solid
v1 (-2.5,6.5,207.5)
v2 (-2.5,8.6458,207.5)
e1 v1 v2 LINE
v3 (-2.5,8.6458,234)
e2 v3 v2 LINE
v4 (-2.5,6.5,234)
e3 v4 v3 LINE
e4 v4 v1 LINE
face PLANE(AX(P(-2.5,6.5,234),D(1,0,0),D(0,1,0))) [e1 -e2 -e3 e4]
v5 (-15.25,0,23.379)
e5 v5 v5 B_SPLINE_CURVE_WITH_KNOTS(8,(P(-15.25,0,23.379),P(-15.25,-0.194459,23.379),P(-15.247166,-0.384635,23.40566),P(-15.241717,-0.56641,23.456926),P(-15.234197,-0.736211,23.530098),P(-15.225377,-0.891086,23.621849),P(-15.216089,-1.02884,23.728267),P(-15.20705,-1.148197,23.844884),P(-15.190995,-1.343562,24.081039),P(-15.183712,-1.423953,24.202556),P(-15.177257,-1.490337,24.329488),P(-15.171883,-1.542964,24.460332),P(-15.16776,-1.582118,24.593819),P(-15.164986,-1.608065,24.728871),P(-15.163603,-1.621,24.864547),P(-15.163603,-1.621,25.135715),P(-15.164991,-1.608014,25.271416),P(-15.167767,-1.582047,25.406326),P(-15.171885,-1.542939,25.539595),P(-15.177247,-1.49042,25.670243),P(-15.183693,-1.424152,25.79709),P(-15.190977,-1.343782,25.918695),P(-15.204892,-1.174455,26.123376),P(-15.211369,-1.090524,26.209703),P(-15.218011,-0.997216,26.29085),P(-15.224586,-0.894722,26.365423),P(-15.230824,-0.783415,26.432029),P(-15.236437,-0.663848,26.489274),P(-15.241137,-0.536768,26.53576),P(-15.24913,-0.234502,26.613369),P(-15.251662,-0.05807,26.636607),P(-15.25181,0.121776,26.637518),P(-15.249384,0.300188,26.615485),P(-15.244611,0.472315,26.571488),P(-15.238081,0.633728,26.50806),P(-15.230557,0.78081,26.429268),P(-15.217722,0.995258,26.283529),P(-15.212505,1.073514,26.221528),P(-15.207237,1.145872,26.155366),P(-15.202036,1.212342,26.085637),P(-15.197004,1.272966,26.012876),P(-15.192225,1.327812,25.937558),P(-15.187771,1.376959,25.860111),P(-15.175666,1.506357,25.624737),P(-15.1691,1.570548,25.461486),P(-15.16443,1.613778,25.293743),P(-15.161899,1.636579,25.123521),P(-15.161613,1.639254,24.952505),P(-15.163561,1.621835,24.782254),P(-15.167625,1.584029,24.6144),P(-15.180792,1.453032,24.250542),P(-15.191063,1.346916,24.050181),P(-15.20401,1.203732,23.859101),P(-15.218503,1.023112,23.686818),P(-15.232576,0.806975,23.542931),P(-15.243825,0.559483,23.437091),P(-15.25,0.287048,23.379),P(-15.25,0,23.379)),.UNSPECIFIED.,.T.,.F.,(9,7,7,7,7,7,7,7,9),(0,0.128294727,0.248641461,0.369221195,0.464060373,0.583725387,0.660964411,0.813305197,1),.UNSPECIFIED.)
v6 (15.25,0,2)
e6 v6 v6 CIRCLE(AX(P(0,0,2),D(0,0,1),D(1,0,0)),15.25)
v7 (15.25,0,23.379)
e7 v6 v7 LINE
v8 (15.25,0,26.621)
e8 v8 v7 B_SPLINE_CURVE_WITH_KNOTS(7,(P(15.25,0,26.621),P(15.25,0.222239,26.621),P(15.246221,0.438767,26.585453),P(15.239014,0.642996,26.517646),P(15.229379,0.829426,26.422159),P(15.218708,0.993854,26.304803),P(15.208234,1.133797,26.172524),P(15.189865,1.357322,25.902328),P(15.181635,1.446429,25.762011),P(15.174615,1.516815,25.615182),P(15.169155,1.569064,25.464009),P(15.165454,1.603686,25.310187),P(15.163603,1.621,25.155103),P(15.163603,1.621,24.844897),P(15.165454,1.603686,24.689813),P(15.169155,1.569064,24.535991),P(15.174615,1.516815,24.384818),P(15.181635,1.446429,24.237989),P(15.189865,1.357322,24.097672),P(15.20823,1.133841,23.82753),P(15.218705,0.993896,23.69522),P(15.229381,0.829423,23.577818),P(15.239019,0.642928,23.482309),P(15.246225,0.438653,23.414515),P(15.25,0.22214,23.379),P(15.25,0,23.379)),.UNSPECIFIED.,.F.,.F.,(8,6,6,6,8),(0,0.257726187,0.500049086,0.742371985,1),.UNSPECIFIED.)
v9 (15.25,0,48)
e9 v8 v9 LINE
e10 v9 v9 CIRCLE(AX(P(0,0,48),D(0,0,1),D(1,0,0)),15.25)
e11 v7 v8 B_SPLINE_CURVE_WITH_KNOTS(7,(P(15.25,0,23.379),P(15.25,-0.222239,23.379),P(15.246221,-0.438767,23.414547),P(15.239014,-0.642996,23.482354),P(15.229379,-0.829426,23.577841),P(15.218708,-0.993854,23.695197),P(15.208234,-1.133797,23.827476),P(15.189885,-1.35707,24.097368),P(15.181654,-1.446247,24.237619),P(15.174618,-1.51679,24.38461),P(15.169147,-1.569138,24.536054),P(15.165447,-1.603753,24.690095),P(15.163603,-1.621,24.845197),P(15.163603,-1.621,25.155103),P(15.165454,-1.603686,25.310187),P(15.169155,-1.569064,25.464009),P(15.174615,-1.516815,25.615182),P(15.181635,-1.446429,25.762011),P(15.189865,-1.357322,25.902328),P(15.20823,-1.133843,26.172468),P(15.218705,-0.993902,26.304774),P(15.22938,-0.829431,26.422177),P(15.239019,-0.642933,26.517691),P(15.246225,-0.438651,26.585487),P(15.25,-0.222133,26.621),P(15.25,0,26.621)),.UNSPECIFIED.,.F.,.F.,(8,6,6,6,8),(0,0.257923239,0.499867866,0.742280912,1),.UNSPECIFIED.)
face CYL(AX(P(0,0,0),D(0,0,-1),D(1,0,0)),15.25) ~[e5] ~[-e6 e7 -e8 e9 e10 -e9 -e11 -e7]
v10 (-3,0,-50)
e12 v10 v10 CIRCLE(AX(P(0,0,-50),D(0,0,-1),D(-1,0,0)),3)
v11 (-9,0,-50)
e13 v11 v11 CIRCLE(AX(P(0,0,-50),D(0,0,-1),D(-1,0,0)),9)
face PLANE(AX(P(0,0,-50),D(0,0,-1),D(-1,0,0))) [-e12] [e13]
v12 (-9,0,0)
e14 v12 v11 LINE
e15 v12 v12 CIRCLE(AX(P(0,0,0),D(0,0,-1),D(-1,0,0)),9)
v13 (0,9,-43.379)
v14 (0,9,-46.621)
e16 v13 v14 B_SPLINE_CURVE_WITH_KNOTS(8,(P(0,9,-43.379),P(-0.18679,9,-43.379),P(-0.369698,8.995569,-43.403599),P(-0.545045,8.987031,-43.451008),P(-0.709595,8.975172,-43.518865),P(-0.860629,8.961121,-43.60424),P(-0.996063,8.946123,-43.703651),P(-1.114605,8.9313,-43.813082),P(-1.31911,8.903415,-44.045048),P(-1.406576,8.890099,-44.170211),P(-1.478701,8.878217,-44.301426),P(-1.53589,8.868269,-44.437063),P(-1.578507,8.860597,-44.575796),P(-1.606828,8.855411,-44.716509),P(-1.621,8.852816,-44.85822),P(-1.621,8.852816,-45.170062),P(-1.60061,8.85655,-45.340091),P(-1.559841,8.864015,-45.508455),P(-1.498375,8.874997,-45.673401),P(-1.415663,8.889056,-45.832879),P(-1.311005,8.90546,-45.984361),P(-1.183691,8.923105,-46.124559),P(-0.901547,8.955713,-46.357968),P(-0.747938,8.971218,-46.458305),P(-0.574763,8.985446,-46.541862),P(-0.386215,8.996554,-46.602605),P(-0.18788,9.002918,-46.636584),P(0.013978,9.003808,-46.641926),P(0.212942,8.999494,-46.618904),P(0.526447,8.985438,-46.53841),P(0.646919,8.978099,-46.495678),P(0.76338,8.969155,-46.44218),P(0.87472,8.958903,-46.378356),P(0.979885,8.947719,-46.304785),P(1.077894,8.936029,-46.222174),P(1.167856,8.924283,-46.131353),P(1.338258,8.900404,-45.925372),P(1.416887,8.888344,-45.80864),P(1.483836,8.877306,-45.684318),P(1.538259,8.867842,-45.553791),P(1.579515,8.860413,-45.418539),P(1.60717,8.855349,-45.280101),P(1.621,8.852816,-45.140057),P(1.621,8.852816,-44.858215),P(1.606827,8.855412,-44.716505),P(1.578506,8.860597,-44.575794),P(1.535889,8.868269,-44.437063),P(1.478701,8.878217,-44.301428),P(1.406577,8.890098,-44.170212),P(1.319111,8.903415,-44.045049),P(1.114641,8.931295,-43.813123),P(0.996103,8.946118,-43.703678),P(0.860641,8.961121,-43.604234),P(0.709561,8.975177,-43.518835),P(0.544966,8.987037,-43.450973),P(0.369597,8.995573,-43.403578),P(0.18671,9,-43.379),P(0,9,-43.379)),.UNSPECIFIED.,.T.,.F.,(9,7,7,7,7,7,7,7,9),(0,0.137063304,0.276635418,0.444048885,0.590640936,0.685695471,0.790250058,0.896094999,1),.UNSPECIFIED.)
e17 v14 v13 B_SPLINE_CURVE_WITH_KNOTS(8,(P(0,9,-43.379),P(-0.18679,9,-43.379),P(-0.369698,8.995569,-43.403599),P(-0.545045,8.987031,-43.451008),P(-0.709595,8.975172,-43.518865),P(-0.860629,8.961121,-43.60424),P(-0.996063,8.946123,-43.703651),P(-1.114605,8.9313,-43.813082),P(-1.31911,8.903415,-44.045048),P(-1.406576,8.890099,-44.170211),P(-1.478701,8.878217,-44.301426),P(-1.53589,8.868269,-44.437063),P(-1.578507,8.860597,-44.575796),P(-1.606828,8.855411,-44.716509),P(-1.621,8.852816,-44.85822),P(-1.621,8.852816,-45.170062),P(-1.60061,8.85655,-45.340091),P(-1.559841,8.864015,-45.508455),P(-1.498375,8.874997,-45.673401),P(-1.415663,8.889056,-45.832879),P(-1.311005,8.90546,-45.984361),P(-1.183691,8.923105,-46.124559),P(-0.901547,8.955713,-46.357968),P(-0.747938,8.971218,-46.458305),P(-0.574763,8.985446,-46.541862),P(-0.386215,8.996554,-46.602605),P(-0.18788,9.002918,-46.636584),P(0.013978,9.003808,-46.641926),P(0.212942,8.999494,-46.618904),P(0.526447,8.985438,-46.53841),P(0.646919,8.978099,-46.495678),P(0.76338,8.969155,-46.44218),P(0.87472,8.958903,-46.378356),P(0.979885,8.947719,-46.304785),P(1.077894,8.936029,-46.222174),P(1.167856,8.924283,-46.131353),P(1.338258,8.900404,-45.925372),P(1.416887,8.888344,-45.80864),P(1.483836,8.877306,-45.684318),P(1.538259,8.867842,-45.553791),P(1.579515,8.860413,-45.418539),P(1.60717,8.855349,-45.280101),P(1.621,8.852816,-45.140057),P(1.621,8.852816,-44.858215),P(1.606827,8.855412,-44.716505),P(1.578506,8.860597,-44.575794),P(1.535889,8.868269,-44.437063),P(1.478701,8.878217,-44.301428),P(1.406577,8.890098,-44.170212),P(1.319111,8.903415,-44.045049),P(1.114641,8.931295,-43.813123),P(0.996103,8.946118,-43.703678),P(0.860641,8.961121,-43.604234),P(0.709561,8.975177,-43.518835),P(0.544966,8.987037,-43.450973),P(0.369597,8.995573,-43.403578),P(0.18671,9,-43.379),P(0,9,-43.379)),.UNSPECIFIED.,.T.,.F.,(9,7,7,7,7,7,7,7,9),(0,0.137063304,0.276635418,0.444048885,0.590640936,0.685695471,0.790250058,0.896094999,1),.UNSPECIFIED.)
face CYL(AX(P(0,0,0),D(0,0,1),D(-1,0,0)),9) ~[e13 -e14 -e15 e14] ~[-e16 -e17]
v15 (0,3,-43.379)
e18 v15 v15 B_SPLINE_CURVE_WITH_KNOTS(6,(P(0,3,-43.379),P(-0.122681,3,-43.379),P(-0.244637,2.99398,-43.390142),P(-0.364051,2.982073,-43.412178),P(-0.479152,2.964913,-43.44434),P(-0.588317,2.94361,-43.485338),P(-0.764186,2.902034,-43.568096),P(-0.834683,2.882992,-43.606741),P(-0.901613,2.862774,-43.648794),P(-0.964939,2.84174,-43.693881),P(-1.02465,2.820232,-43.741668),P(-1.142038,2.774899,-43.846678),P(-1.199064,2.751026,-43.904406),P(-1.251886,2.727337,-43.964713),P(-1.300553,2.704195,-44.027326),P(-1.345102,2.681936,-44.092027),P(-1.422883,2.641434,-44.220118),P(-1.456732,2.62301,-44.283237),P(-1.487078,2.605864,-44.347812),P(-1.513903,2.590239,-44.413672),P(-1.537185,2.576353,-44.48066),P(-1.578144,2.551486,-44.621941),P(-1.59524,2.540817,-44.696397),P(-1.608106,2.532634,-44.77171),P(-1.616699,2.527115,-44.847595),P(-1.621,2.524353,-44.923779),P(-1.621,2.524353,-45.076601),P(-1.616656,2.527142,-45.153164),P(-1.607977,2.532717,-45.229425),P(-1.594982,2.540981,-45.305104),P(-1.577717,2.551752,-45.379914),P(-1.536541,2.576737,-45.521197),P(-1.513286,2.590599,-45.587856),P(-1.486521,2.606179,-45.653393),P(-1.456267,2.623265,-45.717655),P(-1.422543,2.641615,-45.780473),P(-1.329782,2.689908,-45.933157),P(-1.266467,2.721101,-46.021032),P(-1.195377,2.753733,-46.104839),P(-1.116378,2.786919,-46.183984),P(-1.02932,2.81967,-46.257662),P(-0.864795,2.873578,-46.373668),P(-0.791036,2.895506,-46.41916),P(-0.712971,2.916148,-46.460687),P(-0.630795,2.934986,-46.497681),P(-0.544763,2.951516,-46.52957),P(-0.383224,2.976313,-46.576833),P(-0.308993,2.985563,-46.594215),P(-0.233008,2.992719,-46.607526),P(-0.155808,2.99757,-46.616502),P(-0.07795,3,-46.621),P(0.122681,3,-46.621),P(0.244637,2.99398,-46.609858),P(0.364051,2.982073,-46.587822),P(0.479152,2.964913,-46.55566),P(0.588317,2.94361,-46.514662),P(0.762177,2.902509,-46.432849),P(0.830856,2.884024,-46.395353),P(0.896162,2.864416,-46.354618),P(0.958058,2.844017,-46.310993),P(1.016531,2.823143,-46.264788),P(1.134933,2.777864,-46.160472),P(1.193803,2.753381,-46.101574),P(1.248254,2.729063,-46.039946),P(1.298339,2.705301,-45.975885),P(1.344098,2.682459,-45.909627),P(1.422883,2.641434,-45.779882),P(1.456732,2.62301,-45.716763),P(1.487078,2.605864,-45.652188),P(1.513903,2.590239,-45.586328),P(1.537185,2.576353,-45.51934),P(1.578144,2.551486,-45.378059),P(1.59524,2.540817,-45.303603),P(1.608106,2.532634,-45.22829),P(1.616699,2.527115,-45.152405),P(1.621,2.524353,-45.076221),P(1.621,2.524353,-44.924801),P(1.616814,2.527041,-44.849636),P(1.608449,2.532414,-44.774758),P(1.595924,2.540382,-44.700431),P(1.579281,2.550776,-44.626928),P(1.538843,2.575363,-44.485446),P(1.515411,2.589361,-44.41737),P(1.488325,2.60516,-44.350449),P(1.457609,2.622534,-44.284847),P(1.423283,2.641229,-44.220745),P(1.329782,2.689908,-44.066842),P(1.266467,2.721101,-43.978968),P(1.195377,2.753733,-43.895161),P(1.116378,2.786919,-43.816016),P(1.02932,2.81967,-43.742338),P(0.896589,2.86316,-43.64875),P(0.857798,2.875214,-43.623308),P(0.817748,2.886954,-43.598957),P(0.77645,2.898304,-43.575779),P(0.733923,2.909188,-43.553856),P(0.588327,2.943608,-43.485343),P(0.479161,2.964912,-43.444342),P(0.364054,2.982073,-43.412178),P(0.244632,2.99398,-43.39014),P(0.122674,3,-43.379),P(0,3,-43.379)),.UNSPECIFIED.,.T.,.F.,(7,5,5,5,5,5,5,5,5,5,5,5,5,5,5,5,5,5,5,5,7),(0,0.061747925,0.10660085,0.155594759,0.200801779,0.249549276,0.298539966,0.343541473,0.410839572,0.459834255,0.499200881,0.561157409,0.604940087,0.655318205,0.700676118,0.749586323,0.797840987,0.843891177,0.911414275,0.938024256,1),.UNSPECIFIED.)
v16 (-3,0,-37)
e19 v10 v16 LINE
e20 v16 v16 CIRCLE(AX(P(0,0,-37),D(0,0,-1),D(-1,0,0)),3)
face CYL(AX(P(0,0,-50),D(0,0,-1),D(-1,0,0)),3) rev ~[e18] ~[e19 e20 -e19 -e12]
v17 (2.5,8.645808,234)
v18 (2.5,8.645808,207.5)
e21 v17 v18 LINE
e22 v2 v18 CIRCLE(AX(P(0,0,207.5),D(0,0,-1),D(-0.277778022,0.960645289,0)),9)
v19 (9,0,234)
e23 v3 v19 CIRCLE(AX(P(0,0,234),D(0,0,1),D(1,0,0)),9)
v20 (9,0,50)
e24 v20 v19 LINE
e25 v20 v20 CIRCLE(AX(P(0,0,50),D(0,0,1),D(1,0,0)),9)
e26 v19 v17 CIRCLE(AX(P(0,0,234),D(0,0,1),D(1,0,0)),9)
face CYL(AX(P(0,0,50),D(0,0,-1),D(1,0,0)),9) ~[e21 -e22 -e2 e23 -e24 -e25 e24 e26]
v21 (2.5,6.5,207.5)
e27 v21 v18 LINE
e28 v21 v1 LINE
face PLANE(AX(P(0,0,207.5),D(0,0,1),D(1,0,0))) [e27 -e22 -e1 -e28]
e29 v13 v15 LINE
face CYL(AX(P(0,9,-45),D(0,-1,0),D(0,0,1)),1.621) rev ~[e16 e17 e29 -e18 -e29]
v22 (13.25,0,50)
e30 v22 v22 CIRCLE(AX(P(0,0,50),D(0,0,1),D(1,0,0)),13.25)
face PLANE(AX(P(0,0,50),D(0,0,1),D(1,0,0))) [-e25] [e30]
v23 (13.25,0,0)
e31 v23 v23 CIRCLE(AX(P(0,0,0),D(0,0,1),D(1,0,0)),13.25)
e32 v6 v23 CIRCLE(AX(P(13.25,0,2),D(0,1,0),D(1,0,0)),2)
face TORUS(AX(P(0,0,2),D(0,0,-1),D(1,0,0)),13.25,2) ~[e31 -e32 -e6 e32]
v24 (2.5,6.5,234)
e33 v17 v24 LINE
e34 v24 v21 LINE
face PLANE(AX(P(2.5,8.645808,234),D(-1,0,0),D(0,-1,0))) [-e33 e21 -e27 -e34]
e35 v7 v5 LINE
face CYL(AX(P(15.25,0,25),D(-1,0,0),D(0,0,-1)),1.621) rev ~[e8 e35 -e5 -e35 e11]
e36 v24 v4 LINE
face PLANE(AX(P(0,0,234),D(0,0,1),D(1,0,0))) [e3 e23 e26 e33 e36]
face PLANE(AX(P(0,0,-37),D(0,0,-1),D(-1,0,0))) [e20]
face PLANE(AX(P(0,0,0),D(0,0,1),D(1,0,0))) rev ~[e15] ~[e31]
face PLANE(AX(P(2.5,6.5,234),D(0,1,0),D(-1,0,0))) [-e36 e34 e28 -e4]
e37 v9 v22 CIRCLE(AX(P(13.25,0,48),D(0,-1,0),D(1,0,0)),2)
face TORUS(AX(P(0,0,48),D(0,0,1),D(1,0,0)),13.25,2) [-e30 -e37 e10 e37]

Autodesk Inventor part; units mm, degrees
ref_plane "YZ Plane" through (0, 0, 0) normal (1, 0, 0) x (0, 1, 0)
sketch "Sketch1" plane through (0, 0, 0) normal (0, 0, 1) x (1, 0, 0)
  circle A0 centre (0, 0) radius 15.25
  dimension "d0" = 30.5
extrude "Extrusion1" add sketch "Sketch1" along normal blind 50
fillet "Fillet1" radius 2 1 edges at (-15.25, 0, 50)
fillet "Fillet2" radius 2 1 edges at (-15.25, 0, 0)
sketch "Sketch2" plane through (0, 0, 50) normal (0, 0, 1) x (1, 0, 0)
  circle A0 centre (0, 0) radius 9
  dimension "d5" = 18
extrude "Extrusion2" add sketch "Sketch2" along normal blind 184
sketch "Sketch3" plane through (0, 0, 0) normal (0, 0, -1) x (-1, 0, 0)
  circle A0 centre (0, 0) radius 9
extrude "Extrusion3" add sketch "Sketch3" along normal blind 50
sketch "Sketch4" plane through (0, 0, -50) normal (0, 0, -1) x (-1, 0, 0)
  circle A0 centre (0, 0) radius 3
  dimension "d10" = 6
extrude "Extrusion4" cut sketch "Sketch4" against normal blind 13
sketch "Sketch5" plane through (0, 0, -50) normal (0, 0, -1) x (-1, 0, 0)
  circle A0 centre (0, 0) radius 9 projected
  point P0 (0, 9)
ref_plane "Work Plane1" through (0, 9, -50) normal (0, 1, 0) x (-1, 0, 0)
sketch "Sketch6" plane through (0, 9, -50) normal (0, 1, 0) x (-1, 0, 0)
  line L0 (-9, 0) -> (9, 0) projected
  point P0 (0, 50)
  point P1 (0, 5)
  dimension "d13" = 5
hole "Hole1" at (0, 9, -45) direction (0, -1, 0) diameter 3.242 depth 9 tip angle 118 thread size "M4x0.7" class "6H" standard "ISO Metric profile"
sketch "Sketch7" plane through (0, 0, 0) normal (0, 0, -1) x (-1, 0, 0)
  circle A0 centre (0, 0) radius 15.25 projected
  point P0 (-15.25, 0)
ref_plane "Work Plane2" through (15.25, 0, 0) normal (1, 0, 0) x (0, 1, 0)
sketch "Sketch8" plane through (15.25, 0, 0) normal (1, 0, 0) x (0, 1, 0)
  point P0 (0, 0)
  point P1 (0, 25)
  dimension "d21" = 25
hole "Hole2" at (15.25, 0, 25) direction (-1, 0, 0) diameter 3.242 end through all thread size "M4x0.7" class "6H" standard "ISO Metric profile"
sketch "Sketch9" plane through (0, 0, 234) normal (0, 0, 1) x (1, 0, 0)
  circle A0 centre (0, 0) radius 9 projected
  line L0 (2.5, 8.9) -> (2.5, 6.5)
  line L1 (2.5, 6.5) -> (-2.5, 6.5)
  line L2 (-2.5, 6.5) -> (-2.5, 8.6458)
  line L3 (-2.5, 6.5) -> (-2.5, 9)
  line L4 (-2.5, 9) -> (2.5, 9)
  line L5 (2.5, 9) -> (2.5, 6.8873)
  line L6 (-2.5, 9) -> (-2.5, 6.5)
  line L7 (-2.5, 6.5) -> (2.5, 6.5)
  point P0 (0, 6.5)
  point P1 (2.5, 7.7)
  point P2 (2.5, 8.6458)
  dimension "d29" = 5
  dimension "d31" = 0
  dimension "d32" = 2.5
  dimension "d33" = 6.5
  dimension "d34" = 2.5
extrude "Extrusion5" cut sketch "Sketch9" against normal blind 26.5 contours A0 L0 L1 L2 picked at (0, 7.3333)
equation "\"d27\" = Thickness"
equation "\"BendRadius\" = Thickness"
equation "\"BendReliefWidth\" = Thickness"
equation "\"BendReliefDepth\" = 0.5 * Thickness"
equation "\"CornerReliefSize\" = 4 * Thickness"
equation "\"MinimumRemnant\" = 2 * Thickness"
equation "\"TransitionRadius\" = BendRadius"
equation "\"JacobiRadiusSize\" = BendRadius"
equation "\"GapSize\" = Thickness"
equation "\"Thickness\" = 0.5"
properties part number "Final joint shaft"
